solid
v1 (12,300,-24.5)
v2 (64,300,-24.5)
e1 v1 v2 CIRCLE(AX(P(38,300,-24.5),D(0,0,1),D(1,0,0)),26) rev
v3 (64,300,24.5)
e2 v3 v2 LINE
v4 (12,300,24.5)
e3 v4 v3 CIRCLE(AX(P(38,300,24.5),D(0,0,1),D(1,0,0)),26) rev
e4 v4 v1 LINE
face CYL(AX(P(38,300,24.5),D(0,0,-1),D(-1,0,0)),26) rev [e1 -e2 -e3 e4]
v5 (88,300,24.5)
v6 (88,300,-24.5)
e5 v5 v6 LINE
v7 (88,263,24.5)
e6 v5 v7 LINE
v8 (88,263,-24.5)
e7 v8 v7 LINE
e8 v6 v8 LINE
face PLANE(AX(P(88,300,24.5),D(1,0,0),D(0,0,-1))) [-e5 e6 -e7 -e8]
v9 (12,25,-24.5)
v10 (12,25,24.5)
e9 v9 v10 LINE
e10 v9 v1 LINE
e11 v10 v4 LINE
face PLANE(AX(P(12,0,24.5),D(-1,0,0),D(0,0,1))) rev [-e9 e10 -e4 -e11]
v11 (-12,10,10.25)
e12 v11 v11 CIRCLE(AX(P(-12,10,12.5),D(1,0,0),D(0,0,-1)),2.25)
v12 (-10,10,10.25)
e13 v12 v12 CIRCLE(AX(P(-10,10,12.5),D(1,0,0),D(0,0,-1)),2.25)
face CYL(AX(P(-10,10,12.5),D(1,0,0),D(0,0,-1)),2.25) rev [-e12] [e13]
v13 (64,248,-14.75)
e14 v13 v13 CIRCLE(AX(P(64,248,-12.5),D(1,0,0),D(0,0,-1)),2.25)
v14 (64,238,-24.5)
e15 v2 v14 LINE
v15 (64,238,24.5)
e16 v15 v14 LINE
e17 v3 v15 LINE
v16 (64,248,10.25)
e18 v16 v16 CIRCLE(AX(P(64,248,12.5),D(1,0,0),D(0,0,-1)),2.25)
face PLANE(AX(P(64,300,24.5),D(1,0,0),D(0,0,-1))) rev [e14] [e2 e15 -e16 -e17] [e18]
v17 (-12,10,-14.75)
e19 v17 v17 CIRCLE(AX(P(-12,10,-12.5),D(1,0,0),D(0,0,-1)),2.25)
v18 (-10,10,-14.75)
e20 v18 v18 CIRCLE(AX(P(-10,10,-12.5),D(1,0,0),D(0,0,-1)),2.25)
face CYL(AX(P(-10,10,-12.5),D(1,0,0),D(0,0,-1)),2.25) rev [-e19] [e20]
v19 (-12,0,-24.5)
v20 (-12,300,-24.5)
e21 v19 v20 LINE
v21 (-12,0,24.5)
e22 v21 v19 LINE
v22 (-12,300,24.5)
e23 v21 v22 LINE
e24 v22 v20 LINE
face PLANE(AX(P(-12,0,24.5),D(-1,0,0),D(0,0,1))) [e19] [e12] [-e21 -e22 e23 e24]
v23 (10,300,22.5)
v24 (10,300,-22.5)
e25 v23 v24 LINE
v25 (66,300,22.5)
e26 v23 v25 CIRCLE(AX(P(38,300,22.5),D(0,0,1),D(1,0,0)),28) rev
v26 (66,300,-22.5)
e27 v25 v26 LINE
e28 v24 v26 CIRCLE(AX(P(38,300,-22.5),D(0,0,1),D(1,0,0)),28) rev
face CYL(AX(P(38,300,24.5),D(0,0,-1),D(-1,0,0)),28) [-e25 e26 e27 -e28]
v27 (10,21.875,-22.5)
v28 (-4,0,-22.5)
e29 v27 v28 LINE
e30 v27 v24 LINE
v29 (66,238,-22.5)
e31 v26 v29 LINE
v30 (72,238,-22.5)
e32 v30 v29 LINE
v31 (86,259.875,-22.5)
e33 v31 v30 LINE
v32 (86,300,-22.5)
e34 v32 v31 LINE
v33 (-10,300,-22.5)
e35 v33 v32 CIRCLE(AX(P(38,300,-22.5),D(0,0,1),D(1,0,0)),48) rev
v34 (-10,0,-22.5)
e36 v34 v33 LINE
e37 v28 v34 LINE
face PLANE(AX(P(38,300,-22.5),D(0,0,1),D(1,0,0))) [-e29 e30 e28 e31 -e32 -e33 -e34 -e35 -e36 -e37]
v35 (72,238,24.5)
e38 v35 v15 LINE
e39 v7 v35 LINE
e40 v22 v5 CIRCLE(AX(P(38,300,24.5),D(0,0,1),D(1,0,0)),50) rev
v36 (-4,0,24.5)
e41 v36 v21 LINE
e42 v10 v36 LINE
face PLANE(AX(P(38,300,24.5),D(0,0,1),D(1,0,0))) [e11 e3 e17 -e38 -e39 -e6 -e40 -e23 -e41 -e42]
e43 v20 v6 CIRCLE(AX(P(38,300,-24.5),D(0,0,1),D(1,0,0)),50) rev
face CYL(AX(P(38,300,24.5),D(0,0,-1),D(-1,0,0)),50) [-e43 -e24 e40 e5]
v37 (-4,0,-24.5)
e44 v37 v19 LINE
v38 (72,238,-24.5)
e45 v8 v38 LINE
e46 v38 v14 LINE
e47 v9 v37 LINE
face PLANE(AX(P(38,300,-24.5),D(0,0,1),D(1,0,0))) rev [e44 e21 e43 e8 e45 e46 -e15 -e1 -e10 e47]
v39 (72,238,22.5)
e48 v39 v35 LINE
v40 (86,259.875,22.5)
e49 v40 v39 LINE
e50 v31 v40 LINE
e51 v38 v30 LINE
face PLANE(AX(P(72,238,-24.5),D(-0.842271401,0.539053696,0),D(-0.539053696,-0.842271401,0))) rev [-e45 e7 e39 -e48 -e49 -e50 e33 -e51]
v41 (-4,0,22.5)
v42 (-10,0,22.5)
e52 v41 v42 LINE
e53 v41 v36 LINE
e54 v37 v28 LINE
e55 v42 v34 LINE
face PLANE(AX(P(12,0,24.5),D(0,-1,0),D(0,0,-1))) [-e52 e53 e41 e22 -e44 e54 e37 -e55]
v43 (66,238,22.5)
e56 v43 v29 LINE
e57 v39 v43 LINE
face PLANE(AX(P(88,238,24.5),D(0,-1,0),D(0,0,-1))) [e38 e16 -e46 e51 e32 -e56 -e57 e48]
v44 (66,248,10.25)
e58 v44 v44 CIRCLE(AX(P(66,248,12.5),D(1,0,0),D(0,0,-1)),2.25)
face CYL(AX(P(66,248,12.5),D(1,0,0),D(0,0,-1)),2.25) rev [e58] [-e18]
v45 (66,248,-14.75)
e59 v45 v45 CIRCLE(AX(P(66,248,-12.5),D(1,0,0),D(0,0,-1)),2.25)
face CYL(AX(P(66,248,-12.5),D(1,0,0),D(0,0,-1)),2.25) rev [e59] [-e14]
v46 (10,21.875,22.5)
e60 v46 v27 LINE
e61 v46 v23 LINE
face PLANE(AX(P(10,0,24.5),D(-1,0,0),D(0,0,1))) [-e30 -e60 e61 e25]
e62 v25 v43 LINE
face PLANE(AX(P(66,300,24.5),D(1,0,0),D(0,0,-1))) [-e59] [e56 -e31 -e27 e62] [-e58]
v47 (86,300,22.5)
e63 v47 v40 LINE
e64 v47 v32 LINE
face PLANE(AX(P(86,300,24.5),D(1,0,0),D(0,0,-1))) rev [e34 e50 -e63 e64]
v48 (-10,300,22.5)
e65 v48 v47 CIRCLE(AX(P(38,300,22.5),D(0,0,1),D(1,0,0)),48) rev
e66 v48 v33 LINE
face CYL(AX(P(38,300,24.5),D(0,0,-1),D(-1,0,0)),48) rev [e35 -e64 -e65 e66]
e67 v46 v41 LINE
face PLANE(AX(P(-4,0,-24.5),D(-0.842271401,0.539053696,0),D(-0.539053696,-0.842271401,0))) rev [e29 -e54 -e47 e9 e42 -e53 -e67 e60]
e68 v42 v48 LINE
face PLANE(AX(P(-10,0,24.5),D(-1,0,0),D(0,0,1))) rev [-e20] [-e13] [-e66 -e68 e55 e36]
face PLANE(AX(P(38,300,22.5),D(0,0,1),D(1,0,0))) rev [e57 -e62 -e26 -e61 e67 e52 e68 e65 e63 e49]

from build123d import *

# Parameters (mm, degrees)
EXTRUDE_1_DEPTH        = 24.5
SHELL_1_T              = -2
CUT_EXTRUDE_1_DEPTH    = 365.204612821
HOLE_WIZARD_M4_1_D     = 4.5
HOLE_WIZARD_M4_2_D     = 4.5
HOLE_WIZARD_M4_2_DEPTH = 2


with BuildPart() as part:
    # 草图1 → 拉伸-薄壁1 (new, symmetric)
    with BuildSketch(Plane.XY):
        with BuildLine():
            Line((12, 0), (12, 300))
            ThreePointArc((12, 300), (38, 326), (64, 300))
            Line((64, 300), (64, 238))
            Line((64, 238), (88, 238))
            Line((88, 238), (88, 300))
            ThreePointArc((88, 300), (38, 350), (-12, 300))
            Line((-12, 300), (-12, 0))
            Line((-12, 0), (12, 0))
        make_face()
    extrude(amount=EXTRUDE_1_DEPTH, both=True)

    # 抽壳1
    shell_1_openings = [part.faces().sort_by_distance(p)[0] for p in [
        (0, 0, 0),
        (76, 238, 0),
    ]]
    offset(amount=SHELL_1_T, openings=shell_1_openings, kind=Kind.INTERSECTION)

    # 草图2 → 切除-拉伸1 (cut, through all)
    with BuildSketch(Plane.XY.offset(24.5)):
        Polygon((88, 263), (88, 238), (72, 238), align=None)
        Polygon((12, 25), (12, 0), (-4, 0), align=None)
    extrude(amount=-CUT_EXTRUDE_1_DEPTH, mode=Mode.SUBTRACT)

    # M4 间隙孔1 (through all)
    with Locations(Plane(origin=(-10, 0, 0), x_dir=(0, 0, -1), z_dir=(1, 0, 0))):
        with Locations((12.5, 10), (-12.5, 10)):
            Hole(HOLE_WIZARD_M4_1_D / 2)

    # M4 间隙孔2
    with Locations(Plane(origin=(66, 0, 0), x_dir=(0, 0, -1), z_dir=(1, 0, 0))):
        with Locations((12.5, 248), (-12.5, 248)):
            Hole(HOLE_WIZARD_M4_2_D / 2, depth=HOLE_WIZARD_M4_2_DEPTH)


solid = part.part
